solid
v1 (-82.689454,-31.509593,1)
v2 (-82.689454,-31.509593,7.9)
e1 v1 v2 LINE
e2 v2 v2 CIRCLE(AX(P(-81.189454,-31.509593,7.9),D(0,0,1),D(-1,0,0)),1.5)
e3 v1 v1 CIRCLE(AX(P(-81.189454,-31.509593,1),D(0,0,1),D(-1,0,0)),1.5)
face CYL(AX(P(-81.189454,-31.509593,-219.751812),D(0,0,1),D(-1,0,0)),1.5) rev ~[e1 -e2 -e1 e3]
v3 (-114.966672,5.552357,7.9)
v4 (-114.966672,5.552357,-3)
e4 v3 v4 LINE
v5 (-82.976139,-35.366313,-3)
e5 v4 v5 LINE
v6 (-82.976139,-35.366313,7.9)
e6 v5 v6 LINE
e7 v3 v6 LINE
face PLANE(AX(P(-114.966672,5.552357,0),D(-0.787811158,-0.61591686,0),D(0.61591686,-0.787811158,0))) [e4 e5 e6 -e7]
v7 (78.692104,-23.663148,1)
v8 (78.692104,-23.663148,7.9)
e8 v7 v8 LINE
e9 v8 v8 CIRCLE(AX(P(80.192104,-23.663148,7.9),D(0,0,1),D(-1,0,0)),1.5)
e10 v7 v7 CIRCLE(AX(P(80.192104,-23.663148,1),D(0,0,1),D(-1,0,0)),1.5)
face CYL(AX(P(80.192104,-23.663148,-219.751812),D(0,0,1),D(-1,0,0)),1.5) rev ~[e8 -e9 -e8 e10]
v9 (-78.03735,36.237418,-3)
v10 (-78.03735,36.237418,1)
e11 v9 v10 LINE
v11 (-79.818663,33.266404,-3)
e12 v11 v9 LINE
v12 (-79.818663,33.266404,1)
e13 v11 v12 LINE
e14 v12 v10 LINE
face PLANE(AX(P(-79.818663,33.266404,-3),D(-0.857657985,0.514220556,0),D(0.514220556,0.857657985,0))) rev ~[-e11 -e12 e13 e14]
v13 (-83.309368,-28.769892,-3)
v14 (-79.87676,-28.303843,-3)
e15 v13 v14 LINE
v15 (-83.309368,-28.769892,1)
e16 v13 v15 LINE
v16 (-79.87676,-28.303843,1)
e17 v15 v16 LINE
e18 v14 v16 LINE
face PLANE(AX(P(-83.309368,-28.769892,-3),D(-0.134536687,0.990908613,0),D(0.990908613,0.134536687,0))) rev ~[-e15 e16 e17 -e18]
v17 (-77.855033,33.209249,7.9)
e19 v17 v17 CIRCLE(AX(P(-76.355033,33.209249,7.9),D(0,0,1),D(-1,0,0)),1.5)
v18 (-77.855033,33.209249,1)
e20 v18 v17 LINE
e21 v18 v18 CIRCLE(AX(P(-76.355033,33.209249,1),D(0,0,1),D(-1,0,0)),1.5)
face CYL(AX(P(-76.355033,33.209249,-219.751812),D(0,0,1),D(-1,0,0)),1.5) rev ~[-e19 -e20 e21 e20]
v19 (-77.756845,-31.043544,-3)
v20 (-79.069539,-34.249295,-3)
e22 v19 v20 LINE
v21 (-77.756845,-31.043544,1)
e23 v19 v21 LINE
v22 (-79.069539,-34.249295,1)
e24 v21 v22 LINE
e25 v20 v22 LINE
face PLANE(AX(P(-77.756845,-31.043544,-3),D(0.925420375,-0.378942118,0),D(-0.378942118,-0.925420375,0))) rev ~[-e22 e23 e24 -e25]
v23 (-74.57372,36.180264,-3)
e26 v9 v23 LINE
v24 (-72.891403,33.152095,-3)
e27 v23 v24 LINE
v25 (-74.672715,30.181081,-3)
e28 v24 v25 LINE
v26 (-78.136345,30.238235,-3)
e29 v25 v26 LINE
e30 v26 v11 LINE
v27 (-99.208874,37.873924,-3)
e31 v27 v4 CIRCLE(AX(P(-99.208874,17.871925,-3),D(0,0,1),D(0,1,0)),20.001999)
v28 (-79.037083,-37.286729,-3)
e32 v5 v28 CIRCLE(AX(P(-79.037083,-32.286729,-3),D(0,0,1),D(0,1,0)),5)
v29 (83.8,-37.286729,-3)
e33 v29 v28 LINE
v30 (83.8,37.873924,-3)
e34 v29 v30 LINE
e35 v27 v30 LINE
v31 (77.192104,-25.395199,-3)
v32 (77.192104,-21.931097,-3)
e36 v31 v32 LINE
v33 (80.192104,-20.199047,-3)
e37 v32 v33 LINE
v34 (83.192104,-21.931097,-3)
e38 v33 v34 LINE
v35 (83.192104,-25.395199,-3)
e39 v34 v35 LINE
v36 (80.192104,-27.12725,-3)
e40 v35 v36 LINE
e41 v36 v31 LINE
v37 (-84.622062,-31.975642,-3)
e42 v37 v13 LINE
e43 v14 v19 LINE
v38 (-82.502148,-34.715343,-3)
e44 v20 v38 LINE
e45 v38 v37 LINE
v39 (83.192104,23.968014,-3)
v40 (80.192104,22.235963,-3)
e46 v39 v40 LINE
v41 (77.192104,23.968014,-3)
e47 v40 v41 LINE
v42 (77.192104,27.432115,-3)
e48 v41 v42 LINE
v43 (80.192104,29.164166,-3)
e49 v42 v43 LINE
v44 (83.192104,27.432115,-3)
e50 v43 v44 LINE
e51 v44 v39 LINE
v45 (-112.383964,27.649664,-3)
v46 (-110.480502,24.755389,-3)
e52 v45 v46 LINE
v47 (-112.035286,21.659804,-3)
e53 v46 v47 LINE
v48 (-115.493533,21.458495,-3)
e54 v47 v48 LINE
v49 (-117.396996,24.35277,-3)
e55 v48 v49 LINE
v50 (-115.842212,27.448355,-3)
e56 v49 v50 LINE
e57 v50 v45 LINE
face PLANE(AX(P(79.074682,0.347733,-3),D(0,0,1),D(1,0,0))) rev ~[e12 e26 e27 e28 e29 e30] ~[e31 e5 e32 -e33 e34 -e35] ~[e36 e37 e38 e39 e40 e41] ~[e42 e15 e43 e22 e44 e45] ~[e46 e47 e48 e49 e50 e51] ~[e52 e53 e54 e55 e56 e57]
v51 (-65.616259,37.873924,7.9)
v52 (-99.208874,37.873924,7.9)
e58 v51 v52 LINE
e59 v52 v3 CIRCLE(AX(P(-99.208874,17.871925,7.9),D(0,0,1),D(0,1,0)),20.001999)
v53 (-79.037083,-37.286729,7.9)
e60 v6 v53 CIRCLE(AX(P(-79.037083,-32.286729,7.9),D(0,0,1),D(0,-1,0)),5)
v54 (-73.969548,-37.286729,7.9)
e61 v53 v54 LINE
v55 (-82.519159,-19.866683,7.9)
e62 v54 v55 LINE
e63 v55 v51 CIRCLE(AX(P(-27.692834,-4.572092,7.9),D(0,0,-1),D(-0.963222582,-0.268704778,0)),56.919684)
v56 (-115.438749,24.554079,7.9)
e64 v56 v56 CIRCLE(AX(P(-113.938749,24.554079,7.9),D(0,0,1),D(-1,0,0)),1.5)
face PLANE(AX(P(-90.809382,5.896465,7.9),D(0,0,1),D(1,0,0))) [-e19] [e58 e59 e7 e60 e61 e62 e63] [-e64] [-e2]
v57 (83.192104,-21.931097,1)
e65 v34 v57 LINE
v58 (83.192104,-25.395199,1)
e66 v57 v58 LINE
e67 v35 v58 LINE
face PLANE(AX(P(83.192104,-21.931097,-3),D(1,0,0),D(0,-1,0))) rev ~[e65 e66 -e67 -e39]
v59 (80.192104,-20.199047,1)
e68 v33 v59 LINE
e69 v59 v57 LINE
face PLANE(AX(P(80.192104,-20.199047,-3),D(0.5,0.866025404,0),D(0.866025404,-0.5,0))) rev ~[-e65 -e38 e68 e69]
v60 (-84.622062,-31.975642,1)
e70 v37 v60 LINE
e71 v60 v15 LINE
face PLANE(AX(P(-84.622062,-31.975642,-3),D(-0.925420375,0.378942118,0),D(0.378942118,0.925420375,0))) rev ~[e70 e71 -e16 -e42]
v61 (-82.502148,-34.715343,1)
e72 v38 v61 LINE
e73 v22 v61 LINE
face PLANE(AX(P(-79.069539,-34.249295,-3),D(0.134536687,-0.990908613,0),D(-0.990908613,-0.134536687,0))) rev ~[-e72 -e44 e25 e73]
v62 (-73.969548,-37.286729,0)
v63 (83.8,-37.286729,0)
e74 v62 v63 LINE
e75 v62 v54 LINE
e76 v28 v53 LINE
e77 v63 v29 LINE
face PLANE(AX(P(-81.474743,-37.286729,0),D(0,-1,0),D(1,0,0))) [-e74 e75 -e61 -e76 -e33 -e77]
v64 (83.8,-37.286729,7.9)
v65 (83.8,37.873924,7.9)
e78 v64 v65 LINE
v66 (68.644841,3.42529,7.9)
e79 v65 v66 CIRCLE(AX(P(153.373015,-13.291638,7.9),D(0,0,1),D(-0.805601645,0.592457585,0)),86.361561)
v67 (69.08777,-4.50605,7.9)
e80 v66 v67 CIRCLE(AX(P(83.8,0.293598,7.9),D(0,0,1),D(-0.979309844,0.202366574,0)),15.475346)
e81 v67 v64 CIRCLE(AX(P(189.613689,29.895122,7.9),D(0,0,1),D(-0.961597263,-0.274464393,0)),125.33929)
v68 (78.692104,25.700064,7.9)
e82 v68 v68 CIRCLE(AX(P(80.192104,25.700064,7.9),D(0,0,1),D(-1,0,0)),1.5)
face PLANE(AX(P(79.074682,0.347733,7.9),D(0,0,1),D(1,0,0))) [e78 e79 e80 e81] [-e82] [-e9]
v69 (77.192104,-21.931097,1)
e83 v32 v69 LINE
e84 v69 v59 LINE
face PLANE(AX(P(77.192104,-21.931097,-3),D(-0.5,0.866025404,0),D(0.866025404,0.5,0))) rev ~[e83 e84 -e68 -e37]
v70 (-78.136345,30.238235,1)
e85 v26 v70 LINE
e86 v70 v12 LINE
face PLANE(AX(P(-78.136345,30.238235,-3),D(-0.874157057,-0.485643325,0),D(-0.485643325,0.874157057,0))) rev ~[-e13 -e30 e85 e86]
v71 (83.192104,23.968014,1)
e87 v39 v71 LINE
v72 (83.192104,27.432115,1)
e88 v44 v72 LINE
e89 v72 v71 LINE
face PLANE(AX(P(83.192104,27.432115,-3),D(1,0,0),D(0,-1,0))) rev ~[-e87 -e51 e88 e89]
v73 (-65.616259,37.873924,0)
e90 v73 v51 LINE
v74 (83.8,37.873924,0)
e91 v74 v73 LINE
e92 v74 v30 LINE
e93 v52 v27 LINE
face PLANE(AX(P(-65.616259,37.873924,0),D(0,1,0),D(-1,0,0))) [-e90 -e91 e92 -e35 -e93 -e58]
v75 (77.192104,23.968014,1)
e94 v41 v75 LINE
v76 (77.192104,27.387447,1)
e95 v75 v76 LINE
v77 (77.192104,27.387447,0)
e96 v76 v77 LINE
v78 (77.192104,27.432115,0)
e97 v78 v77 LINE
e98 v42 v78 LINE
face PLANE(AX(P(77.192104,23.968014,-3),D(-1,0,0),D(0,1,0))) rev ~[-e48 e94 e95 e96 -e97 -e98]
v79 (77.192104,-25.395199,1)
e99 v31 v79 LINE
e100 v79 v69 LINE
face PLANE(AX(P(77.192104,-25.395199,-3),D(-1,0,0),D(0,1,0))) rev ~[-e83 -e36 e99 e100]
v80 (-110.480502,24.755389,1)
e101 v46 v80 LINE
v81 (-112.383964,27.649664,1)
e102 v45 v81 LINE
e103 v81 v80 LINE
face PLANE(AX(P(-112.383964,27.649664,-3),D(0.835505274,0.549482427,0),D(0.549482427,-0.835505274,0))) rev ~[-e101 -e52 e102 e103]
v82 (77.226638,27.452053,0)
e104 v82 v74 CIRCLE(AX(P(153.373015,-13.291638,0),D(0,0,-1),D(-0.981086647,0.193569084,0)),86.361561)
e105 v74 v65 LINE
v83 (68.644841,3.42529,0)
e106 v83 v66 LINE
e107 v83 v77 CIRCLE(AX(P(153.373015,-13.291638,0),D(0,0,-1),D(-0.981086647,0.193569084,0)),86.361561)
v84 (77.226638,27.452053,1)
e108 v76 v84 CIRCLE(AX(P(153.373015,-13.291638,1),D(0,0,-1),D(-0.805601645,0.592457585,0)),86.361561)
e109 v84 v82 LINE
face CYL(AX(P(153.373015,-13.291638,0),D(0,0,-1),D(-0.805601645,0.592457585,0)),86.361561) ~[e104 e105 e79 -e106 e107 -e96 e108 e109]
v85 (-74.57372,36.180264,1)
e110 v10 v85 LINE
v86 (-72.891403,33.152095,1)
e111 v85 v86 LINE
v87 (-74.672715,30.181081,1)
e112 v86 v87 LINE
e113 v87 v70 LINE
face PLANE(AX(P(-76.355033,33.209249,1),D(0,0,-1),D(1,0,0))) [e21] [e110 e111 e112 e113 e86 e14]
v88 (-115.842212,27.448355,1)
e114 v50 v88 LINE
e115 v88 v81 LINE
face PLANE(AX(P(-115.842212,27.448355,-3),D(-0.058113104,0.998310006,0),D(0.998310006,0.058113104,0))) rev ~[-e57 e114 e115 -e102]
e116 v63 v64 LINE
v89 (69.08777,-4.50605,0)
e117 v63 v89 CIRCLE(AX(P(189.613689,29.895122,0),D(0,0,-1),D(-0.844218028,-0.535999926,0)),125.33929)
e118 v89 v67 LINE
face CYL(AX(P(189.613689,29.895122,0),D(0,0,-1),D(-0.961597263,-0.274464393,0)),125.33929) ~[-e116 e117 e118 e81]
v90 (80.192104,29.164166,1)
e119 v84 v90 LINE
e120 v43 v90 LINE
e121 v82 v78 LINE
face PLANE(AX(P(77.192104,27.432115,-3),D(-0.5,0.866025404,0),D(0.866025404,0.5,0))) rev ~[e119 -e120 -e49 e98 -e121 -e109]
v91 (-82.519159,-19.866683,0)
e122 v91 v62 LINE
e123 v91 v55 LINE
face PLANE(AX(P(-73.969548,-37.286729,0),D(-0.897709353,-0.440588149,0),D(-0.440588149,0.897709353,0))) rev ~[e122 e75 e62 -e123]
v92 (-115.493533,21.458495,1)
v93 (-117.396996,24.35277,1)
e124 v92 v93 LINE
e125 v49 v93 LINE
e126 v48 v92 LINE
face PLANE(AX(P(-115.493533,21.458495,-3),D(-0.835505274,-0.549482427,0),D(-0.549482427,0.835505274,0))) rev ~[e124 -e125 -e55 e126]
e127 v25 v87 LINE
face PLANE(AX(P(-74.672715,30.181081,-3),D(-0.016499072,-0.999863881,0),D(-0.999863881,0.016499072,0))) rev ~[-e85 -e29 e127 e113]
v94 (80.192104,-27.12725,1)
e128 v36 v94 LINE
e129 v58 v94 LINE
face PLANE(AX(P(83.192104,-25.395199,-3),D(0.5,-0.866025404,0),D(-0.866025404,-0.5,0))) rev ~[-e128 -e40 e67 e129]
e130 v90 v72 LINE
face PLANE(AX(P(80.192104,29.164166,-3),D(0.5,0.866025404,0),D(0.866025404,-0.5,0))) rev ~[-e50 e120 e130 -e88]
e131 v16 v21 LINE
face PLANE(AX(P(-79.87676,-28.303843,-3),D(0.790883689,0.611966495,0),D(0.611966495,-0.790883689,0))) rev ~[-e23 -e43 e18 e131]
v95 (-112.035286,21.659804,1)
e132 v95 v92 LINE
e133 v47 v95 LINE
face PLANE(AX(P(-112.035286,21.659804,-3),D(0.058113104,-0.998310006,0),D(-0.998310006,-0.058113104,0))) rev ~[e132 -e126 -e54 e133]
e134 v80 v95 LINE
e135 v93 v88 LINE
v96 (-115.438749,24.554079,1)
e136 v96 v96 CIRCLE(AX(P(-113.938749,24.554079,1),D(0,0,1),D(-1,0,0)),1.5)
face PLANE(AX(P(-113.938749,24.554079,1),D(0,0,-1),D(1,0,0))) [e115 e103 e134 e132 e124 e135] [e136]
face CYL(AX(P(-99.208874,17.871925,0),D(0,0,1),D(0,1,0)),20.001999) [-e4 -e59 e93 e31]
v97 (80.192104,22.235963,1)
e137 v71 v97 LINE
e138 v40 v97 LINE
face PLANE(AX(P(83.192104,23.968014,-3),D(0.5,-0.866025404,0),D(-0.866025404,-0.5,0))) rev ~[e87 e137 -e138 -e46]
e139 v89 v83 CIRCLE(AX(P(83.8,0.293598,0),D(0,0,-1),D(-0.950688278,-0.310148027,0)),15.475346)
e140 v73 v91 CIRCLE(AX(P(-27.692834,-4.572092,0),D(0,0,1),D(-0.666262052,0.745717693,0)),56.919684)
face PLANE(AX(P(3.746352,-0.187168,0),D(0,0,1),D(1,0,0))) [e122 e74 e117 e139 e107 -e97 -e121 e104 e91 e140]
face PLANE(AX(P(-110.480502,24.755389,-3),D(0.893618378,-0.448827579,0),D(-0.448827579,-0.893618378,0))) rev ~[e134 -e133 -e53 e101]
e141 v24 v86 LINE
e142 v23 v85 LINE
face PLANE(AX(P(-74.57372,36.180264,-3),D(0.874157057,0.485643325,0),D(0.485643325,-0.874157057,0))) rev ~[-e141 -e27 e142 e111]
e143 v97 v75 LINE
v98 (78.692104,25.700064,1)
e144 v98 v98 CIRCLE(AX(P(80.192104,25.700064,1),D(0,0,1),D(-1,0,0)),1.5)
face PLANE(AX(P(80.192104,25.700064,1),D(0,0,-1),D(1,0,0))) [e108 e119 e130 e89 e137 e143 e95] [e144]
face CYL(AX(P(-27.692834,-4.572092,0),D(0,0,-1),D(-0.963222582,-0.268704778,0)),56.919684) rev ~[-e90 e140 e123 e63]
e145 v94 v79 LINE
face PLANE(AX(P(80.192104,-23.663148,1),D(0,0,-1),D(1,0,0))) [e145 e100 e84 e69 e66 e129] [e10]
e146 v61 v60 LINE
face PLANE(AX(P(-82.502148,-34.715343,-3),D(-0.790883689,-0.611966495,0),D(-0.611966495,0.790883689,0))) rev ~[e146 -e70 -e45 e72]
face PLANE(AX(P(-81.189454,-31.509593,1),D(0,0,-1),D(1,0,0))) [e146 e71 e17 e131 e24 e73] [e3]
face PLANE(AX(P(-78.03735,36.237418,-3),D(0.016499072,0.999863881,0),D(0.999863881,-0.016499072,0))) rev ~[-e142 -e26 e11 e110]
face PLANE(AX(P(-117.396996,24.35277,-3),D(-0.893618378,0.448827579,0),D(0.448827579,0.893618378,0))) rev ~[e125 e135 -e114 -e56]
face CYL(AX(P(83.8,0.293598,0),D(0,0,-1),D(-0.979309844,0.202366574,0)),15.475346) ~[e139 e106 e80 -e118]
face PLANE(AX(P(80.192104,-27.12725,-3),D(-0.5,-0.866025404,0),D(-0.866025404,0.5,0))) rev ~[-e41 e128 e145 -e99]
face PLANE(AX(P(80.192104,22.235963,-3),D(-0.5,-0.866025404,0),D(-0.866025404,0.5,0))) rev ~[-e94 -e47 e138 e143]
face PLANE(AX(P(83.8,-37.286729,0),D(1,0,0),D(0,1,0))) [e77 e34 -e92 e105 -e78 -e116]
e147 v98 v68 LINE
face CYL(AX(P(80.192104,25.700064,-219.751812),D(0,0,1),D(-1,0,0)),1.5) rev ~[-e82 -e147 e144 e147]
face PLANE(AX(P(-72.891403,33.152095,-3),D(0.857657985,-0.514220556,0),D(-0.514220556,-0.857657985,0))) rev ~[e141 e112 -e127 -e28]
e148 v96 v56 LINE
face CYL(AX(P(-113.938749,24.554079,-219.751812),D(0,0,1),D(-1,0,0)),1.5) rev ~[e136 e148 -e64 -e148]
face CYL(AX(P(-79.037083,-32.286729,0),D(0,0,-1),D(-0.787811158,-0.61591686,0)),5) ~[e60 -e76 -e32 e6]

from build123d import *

# Parameters (mm, degrees)
F2_DEPTH  = 3
F3_DEPTH  = 7.9
F4_DEPTH  = 7.9
F5_DEPTH  = 3
F6_R      = 5
F6_2_R    = 5
F9_D      = 3
F10_DEPTH = 4
F11_DEPTH = 4


with BuildPart() as f2:
    # F0 (on Top) → F2 (new body)
    with BuildSketch(Plane.XY):
        with BuildLine():
            ThreePointArc((68.6448413014, 3.4252903424), (74.3230858808, 21.4851908555), (83.8, 37.8739237785))
            Line((83.8, 37.8739237785), (-65.6162592679, 37.8739237785))
            ThreePointArc((-65.6162592679, 37.8739237785), (-82.3199649398, 11.4193737584), (-82.519158721, -19.8666825891))
            Line((-82.519158721, -19.8666825891), (-73.9695476283, -37.2867286205))
            Line((-73.9695476283, -37.2867286205), (83.8, -37.2867286205))
            ThreePointArc((83.8, -37.2867286205), (75.2631412951, -21.4263167299), (69.0877699379, -4.5060504646))
            ThreePointArc((69.0877699379, -4.5060504646), (68.3487291916, -0.5692843065), (68.6448413014, 3.4252903424))
        make_face()
    extrude(amount=-F2_DEPTH)


with BuildPart() as f3:
    # F0 (on Top) → F3 (new body)
    with BuildSketch(Plane.XY):
        with BuildLine():
            ThreePointArc((-82.519158721, -19.8666825891), (-82.3199649398, 11.4193737584), (-65.6162592679, 37.8739237785))
            Line((-65.6162592679, 37.8739237785), (-99.2088739193, 37.8739237785))
            ThreePointArc((-99.2088739193, 37.8739237785), (-117.1879721114, 26.6373104948), (-114.9666717313, 5.5523567478))
            Line((-114.9666717313, 5.5523567478), (-81.4747432756, -37.2867286205))
            Line((-81.4747432756, -37.2867286205), (-73.9695476283, -37.2867286205))
            Line((-73.9695476283, -37.2867286205), (-82.519158721, -19.8666825891))
        make_face()
    extrude(amount=F3_DEPTH)


with BuildPart() as f4:
    # F0 (on Top) → F4 (new body)
    with BuildSketch(Plane.XY):
        with BuildLine():
            Line((83.8, -37.2867286205), (83.8, 37.8739237785))
            ThreePointArc((83.8, 37.8739237785), (74.3230858808, 21.4851908555), (68.6448413014, 3.4252903424))
            ThreePointArc((68.6448413014, 3.4252903424), (68.3487291916, -0.5692843065), (69.0877699379, -4.5060504646))
            ThreePointArc((69.0877699379, -4.5060504646), (75.2631412951, -21.4263167299), (83.8, -37.2867286205))
        make_face()
    extrude(amount=F4_DEPTH)


with BuildPart() as f5:
    # F5 (new): a face of the model
    f5_faces = [f3.part.faces().sort_by_distance(p)[0] for p in [
        (-94.9777366474, 10.3847598955, 0),
    ]]
    extrude(f5_faces, amount=F5_DEPTH)

    # F6#2
    f6_2_edges = [f5.edges().sort_by_distance(p)[0] for p in [
        (-81.474743, -37.286729, -1.5),
    ]]
    fillet(f6_2_edges, radius=F6_2_R)


with BuildPart() as f5b:
    # F5#2 (new): a face of the model
    f5_2_faces = [f4.part.faces().sort_by_distance(p)[0] for p in [
        (77.989714527, 0.7740894227, 0),
    ]]
    extrude(f5_2_faces, amount=F5_DEPTH)


with BuildPart() as f3_1:
    add(f3.part)

    # F6
    f6_edges = [f3_1.edges().sort_by_distance(p)[0] for p in [
        (-81.474743, -37.286729, 3.95),
    ]]
    fillet(f6_edges, radius=F6_R)


with BuildPart() as f2_1:
    add(f2.part)

    # F7: union F3, F4, F5, F5b
    add(f3_1.part)
    add(f4.part)
    add(f5.part)
    add(f5b.part)

    # F9 (through all)
    with Locations(Plane(origin=(0, 0, -3), x_dir=(1, 0, 0), z_dir=(0, 0, -1))):
        with Locations((-81.1894536018, 31.5095931292), (-113.9387488365, -24.5540793985), (-76.3550326228, -33.2092493773), (80.1921039701, 23.663148284), (80.1921039701, -25.700064376)):
            Hole(F9_D / 2)

    # F8 (on face) → F10 (cut)
    with BuildSketch(Plane(origin=(0, 0, -3), x_dir=(1, 0, 0), z_dir=(0, 0, -1))):
        Polygon((-74.5737203647, -36.1802637897), (-72.8914025376, -33.1520949158), (-74.6727147957, -30.1810805034), (-78.136344881, -30.2382349648), (-79.8186627081, -33.2664038387), (-78.0373504499, -36.2374182511), align=None)
        Polygon((83.1921039701, 21.9310974764), (83.1921039701, 25.3951990915), (80.1921039701, 27.1272498991), (77.1921039701, 25.3951990915), (77.1921039701, 21.9310974764), (80.1921039701, 20.1990466688), align=None)
        Polygon((83.1921039701, -27.4321151836), (83.1921039701, -23.9680135684), (80.1921039701, -22.2359627609), (77.1921039701, -23.9680135684), (77.1921039701, -27.4321151836), (80.1921039701, -29.1641659911), align=None)
        Polygon((-79.8767595984, 28.3038429122), (-77.7568454741, 31.043544375), (-79.0695394775, 34.249294592), (-82.5021476052, 34.7153433461), (-84.6220617296, 31.9756418833), (-83.3093677262, 28.7698916664), align=None)
        Polygon((-110.4805015339, -24.7553890954), (-112.0352858737, -21.6598042304), (-115.4935331763, -21.4584945334), (-117.3969961391, -24.3527697016), (-115.8422117994, -27.4483545667), (-112.3839644968, -27.6496642636), align=None)
    extrude(amount=-F10_DEPTH, mode=Mode.SUBTRACT)

    # F8 (on face) → F11 (cut)
    with BuildSketch(Plane(origin=(0, 0, -3), x_dir=(1, 0, 0), z_dir=(0, 0, -1))):
        Polygon((-74.5737203647, -36.1802637897), (-72.8914025376, -33.1520949158), (-74.6727147957, -30.1810805034), (-78.136344881, -30.2382349648), (-79.8186627081, -33.2664038387), (-78.0373504499, -36.2374182511), align=None)
        Polygon((83.1921039701, 21.9310974764), (83.1921039701, 25.3951990915), (80.1921039701, 27.1272498991), (77.1921039701, 25.3951990915), (77.1921039701, 21.9310974764), (80.1921039701, 20.1990466688), align=None)
        Polygon((83.1921039701, -27.4321151836), (83.1921039701, -23.9680135684), (80.1921039701, -22.2359627609), (77.1921039701, -23.9680135684), (77.1921039701, -27.4321151836), (80.1921039701, -29.1641659911), align=None)
        Polygon((-79.8767595984, 28.3038429122), (-77.7568454741, 31.043544375), (-79.0695394775, 34.249294592), (-82.5021476052, 34.7153433461), (-84.6220617296, 31.9756418833), (-83.3093677262, 28.7698916664), align=None)
        Polygon((-110.4805015339, -24.7553890954), (-112.0352858737, -21.6598042304), (-115.4935331763, -21.4584945334), (-117.3969961391, -24.3527697016), (-115.8422117994, -27.4483545667), (-112.3839644968, -27.6496642636), align=None)
    extrude(amount=-F11_DEPTH, mode=Mode.SUBTRACT)


solid = f2_1.part
